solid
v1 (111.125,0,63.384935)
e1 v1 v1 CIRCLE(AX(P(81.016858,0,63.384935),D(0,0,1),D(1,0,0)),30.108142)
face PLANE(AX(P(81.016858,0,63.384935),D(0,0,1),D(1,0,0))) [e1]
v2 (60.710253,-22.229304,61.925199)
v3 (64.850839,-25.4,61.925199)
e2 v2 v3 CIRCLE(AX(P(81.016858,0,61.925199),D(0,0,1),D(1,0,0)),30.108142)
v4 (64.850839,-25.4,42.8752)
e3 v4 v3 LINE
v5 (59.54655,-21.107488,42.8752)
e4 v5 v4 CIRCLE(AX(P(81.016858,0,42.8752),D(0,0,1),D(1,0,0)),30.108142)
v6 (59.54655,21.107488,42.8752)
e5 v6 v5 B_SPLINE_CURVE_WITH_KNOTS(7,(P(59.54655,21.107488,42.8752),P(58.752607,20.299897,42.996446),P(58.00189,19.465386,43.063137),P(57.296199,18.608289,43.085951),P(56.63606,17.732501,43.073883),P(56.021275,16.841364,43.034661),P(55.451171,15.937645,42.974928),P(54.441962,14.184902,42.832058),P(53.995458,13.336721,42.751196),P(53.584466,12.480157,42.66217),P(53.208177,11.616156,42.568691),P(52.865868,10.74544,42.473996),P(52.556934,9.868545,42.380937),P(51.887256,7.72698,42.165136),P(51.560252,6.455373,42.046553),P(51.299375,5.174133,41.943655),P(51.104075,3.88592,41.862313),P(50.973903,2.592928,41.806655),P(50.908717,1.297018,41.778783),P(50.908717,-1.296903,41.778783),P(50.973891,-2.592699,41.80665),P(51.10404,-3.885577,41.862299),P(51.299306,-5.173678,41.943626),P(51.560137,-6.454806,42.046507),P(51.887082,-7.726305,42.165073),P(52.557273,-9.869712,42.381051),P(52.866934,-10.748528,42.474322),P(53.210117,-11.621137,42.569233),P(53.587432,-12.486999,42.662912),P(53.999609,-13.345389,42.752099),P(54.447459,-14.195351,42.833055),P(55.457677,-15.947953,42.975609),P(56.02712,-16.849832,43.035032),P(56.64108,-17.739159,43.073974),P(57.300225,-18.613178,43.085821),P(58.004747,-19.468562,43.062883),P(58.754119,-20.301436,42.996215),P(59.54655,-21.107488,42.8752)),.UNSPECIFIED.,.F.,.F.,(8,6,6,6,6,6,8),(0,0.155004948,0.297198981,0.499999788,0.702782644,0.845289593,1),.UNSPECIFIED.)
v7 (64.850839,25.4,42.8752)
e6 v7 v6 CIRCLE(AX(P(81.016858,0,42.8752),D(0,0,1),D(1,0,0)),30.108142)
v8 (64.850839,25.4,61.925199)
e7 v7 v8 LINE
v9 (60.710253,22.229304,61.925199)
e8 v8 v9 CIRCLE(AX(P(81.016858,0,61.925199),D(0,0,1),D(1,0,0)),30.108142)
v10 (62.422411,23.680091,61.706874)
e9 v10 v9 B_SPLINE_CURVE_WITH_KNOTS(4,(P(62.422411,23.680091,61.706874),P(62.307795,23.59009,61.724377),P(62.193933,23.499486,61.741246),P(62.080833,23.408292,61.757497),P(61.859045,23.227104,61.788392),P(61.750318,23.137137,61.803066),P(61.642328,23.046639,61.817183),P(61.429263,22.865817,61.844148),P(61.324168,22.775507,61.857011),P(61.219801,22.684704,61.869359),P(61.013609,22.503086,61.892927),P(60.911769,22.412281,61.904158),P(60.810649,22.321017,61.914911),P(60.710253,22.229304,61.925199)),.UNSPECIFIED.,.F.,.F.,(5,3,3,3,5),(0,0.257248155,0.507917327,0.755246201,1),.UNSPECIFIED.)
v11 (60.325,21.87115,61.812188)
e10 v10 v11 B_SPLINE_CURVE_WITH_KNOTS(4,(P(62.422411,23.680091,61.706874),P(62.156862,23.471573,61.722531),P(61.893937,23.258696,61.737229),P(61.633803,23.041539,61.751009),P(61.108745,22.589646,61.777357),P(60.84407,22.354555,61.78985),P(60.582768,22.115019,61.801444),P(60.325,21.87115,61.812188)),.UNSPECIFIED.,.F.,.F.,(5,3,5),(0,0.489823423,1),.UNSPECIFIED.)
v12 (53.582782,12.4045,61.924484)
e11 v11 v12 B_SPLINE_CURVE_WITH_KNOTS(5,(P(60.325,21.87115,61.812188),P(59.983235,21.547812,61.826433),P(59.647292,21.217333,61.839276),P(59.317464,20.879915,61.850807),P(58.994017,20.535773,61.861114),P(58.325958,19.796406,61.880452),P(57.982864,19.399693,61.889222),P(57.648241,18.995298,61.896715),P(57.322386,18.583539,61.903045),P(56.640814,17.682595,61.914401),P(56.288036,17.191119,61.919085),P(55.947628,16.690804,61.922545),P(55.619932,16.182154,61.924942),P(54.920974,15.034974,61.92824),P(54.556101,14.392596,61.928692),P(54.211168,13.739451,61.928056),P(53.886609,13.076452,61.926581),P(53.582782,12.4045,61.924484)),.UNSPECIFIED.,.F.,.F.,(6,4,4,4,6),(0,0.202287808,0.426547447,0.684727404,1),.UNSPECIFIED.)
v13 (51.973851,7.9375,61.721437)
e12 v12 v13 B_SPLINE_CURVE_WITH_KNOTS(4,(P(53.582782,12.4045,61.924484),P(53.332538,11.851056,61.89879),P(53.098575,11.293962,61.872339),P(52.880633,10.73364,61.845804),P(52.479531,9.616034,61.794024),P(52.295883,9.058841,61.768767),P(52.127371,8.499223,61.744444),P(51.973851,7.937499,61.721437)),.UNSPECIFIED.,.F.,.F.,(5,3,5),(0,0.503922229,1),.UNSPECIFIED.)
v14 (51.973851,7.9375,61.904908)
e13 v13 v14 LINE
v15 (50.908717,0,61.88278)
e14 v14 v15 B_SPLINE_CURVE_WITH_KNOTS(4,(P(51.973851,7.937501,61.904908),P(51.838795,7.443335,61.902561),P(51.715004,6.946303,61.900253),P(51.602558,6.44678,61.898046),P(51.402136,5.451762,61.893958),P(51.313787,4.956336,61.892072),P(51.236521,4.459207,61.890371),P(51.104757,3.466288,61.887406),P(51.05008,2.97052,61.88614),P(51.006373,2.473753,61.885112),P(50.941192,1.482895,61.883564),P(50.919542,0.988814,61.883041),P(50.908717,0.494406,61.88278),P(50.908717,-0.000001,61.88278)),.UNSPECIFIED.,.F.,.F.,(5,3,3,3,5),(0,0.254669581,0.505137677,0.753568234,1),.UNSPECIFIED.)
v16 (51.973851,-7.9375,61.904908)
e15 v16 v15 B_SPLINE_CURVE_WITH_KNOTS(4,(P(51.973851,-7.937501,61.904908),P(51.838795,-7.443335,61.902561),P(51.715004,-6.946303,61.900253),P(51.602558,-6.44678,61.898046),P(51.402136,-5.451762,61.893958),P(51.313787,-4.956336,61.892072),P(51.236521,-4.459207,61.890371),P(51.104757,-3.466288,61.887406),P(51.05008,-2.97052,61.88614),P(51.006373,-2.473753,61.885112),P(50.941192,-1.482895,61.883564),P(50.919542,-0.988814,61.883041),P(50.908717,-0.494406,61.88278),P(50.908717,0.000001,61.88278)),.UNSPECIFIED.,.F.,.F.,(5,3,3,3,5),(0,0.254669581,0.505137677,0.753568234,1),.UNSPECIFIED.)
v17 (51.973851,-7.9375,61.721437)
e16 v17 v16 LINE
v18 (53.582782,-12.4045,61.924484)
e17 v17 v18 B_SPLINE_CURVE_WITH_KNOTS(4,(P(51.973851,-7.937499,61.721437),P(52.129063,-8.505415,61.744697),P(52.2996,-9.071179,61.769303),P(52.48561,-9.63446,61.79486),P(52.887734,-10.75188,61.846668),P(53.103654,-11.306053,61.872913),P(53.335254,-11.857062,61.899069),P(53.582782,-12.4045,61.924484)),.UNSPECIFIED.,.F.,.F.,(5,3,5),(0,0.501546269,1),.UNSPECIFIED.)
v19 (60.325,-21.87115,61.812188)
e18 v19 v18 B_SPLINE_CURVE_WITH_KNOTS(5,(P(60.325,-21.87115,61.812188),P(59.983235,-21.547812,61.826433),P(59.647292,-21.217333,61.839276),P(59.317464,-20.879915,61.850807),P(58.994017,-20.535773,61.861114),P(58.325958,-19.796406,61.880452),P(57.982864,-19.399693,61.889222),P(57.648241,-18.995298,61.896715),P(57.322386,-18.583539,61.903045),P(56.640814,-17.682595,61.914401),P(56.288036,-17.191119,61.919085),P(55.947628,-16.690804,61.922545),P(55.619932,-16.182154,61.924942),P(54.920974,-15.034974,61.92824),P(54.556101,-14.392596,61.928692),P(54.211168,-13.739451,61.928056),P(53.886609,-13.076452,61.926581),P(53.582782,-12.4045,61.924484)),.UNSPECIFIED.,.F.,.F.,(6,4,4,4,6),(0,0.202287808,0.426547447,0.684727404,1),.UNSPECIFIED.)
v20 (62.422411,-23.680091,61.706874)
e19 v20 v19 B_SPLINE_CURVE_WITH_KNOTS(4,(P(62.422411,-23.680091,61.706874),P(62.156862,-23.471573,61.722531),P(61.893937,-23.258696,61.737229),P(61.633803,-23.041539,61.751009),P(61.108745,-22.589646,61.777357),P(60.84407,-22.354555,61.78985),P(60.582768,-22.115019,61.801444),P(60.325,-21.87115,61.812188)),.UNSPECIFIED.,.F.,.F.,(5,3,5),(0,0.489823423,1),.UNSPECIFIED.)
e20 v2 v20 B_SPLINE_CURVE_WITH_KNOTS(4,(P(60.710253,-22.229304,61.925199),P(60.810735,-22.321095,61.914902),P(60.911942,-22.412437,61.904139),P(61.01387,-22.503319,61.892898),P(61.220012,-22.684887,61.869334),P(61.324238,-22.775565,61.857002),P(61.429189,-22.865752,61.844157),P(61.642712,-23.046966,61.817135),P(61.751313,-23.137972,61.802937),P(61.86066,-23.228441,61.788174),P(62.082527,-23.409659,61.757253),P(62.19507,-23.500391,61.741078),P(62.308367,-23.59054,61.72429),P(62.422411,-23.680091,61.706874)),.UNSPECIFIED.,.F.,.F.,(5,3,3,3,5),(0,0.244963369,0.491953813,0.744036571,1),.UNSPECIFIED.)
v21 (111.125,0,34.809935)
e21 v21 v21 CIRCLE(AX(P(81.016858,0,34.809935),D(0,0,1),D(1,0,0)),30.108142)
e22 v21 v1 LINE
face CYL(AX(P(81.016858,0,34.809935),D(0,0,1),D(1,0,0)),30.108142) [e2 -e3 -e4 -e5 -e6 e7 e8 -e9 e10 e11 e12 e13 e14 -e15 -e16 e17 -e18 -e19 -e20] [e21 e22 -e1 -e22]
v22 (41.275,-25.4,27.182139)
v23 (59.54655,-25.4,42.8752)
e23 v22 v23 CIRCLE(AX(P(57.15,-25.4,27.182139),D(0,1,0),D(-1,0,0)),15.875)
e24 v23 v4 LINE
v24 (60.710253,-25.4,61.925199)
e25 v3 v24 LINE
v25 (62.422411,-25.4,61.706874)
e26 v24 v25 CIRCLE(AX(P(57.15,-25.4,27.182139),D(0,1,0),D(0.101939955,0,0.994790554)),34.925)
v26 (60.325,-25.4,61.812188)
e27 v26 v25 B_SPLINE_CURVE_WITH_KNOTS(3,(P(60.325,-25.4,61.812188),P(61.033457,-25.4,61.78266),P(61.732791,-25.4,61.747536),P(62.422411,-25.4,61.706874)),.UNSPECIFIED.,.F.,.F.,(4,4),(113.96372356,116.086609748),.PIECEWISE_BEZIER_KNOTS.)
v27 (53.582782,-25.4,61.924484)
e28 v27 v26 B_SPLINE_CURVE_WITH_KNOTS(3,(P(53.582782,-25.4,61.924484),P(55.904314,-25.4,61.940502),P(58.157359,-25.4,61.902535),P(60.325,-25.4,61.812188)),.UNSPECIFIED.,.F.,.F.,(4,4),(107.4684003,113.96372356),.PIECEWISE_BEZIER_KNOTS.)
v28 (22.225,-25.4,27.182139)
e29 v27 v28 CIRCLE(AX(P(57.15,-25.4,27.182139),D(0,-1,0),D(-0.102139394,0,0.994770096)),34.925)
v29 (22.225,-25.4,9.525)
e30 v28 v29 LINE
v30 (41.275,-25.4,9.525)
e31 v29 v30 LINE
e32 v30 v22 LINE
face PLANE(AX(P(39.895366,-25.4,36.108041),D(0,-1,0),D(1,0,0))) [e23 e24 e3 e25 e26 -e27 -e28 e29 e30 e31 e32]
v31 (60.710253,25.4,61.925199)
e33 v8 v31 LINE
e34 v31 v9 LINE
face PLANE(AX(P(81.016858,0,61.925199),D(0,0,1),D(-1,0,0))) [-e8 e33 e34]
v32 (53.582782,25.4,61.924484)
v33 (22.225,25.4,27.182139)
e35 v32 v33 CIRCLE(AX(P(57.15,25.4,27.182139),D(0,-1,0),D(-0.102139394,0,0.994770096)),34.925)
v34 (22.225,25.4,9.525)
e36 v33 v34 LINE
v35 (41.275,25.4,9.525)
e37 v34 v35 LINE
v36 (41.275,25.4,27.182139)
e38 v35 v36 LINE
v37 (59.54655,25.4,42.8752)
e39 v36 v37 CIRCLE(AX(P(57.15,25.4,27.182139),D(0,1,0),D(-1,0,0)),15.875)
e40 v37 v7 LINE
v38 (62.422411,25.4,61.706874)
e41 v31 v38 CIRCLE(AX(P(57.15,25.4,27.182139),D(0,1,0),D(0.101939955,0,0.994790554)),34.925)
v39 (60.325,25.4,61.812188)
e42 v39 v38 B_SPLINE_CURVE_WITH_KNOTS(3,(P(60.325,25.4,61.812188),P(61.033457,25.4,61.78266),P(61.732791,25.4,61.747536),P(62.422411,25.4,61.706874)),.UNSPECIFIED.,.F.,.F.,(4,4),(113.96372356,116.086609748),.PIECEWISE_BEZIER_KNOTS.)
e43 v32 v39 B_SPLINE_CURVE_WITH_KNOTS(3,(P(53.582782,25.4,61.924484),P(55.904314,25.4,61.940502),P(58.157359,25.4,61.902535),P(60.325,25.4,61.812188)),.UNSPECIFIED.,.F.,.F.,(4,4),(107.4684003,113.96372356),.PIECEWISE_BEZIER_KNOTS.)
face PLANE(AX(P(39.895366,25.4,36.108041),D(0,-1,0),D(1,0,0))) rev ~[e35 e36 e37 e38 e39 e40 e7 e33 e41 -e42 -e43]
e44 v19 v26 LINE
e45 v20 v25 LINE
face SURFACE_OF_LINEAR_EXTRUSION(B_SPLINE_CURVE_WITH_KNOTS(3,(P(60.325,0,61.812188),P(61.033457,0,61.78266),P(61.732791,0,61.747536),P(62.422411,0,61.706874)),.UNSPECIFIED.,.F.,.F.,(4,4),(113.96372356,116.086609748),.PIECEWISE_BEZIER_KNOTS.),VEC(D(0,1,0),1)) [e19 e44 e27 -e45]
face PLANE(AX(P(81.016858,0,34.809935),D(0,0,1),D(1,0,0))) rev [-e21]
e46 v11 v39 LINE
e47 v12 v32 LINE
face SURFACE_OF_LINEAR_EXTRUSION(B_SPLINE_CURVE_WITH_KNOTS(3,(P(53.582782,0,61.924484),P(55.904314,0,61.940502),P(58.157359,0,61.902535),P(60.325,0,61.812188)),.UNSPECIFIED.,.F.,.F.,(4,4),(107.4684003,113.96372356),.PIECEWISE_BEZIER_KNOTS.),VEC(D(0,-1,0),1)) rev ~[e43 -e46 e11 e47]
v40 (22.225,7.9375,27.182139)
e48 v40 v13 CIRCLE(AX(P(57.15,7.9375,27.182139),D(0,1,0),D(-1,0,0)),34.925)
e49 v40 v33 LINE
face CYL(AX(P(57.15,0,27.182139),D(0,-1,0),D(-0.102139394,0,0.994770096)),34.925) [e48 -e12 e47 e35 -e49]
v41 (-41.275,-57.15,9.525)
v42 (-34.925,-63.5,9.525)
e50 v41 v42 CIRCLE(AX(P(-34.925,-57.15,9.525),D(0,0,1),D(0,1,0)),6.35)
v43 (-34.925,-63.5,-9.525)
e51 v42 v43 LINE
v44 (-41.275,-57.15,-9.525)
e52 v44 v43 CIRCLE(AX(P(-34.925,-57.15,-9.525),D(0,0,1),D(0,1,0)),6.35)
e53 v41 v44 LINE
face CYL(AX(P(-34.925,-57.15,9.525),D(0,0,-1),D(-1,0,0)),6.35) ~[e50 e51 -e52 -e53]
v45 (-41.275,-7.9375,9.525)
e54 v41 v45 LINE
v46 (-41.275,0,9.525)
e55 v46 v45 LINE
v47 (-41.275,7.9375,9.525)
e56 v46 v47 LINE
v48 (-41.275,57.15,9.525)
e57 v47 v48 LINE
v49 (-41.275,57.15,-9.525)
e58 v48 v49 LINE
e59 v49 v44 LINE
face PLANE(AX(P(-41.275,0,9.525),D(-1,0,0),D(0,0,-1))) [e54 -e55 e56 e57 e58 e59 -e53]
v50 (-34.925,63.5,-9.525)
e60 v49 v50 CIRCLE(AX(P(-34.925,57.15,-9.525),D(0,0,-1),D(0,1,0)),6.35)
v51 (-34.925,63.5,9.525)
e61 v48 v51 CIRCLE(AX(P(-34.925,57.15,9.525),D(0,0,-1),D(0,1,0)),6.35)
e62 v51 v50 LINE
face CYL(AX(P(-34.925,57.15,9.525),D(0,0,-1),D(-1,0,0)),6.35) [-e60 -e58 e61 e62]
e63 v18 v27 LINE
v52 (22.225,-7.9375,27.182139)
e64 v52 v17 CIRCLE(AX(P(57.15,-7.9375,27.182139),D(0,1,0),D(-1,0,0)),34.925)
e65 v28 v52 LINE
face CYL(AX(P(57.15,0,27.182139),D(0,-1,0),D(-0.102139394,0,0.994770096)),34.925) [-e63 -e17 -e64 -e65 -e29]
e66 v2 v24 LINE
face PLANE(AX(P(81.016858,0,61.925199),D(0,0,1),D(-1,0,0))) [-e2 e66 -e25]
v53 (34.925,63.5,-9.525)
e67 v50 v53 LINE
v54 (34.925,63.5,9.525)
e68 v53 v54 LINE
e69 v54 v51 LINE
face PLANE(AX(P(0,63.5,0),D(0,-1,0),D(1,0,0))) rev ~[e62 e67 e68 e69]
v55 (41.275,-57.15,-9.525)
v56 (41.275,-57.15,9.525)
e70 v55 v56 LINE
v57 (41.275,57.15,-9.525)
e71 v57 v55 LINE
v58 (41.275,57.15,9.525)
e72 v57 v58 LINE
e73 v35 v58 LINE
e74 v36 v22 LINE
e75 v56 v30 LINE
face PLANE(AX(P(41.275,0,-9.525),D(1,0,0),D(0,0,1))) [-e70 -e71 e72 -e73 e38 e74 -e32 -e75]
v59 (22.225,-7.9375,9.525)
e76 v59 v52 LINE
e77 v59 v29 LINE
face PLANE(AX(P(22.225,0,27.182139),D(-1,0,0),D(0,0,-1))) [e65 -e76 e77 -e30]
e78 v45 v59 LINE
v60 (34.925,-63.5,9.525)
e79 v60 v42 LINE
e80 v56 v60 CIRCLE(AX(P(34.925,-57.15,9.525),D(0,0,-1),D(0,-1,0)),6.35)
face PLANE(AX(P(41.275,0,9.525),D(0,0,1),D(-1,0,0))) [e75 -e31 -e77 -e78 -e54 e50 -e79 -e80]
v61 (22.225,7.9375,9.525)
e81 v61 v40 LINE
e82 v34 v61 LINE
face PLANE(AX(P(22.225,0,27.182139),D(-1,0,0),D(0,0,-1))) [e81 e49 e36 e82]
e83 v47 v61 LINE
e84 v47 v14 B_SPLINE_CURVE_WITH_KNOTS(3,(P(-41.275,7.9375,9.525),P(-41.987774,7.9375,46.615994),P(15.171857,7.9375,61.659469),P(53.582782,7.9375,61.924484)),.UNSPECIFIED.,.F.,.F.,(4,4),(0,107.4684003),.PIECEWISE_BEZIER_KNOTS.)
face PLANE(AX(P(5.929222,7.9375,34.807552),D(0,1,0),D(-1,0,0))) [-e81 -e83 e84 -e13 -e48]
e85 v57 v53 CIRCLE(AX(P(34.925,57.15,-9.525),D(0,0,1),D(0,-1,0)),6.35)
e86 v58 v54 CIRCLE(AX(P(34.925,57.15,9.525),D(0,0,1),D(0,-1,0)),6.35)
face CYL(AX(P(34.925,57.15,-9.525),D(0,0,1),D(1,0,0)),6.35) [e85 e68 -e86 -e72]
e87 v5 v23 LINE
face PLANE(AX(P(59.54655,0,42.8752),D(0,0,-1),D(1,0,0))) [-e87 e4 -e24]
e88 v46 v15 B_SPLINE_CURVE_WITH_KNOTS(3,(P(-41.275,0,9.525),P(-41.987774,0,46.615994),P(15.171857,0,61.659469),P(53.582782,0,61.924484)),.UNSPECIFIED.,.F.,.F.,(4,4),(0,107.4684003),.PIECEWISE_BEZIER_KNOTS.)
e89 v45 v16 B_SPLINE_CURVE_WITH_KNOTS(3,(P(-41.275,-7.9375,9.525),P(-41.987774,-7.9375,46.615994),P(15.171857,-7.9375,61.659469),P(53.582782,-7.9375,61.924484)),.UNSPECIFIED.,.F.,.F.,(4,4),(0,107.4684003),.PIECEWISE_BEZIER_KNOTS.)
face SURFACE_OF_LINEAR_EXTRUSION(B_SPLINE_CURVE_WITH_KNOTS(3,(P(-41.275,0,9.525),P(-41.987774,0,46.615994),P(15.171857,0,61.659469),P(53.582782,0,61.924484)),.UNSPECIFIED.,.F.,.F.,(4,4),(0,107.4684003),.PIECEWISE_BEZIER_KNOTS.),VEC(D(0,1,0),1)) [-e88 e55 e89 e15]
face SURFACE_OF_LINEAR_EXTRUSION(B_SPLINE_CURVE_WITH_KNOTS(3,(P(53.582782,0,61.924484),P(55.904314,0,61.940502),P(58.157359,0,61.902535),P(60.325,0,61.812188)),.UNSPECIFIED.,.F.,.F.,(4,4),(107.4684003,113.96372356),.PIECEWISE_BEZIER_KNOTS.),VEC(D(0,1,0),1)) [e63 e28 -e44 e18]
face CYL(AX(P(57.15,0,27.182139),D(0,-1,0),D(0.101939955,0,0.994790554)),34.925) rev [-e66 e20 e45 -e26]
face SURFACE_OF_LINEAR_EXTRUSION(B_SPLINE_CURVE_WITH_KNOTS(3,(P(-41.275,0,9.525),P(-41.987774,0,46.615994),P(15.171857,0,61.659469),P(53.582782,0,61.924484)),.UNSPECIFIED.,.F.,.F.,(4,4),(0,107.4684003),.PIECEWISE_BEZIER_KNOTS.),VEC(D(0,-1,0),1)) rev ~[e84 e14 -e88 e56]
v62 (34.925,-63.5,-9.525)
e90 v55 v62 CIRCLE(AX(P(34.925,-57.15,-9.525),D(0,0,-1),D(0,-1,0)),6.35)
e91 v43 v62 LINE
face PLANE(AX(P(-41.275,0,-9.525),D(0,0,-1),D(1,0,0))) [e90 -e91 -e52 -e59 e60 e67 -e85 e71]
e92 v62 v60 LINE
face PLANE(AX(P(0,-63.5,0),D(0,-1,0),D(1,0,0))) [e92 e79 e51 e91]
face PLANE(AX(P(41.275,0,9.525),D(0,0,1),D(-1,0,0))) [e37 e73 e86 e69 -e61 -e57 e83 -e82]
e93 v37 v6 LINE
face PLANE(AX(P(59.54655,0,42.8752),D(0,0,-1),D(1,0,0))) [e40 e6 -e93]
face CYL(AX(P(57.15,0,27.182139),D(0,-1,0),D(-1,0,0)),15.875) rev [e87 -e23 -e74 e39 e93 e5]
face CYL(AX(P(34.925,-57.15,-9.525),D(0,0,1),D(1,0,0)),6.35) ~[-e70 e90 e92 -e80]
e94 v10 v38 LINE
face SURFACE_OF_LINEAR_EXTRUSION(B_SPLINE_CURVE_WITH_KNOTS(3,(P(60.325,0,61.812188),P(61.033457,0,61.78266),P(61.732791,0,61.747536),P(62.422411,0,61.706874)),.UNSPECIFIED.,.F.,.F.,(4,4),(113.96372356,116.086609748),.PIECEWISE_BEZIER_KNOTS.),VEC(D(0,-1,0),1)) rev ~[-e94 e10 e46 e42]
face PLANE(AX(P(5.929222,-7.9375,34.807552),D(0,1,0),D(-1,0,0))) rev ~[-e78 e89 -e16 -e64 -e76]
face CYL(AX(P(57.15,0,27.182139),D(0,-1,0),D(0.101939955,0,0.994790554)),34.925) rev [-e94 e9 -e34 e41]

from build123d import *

# Parameters (mm, degrees)
F1_DEPTH = 63.5
F2_DEPTH = 25.4
F3_DEPTH = 7.9375
F5_R     = 6.35


with BuildPart() as f1:
    # F0 (on Front) → F1 (new body, symmetric)
    with BuildSketch(Plane.XZ):
        Polygon((22.2249999642, 9.525), (-41.275, 9.525), (-41.275, -9.525), (41.275, -9.525), (41.275, 9.525), align=None)
    extrude(amount=F1_DEPTH, both=True)

    # F0 (on Front) → F2 (join, symmetric)
    with BuildSketch(Plane.XZ):
        with BuildLine():
            Line((22.2249999642, 27.1821387616), (22.2249999642, 9.525))
            Line((22.2249999642, 9.525), (41.275, 9.525))
            Line((41.275, 9.525), (41.275, 27.1821387616))
            ThreePointArc((41.275, 27.1821387616), (46.8066352935, 39.2249968754), (59.5465504312, 42.8752))
            Line((59.5465504312, 42.8752), (60.325, 42.8752))
            Line((60.325, 42.8752), (60.325, 61.8121879463))
            add(Edge.make_bspline(
                [(53.5827816682, 61.924484406), (55.9043140785, 61.9405018001), (58.157358995, 61.9025346921), (60.325, 61.8121879463)],
                knots=[107.4684002997, 107.4684002997, 107.4684002997, 107.4684002997, 113.9637235604, 113.9637235604, 113.9637235604, 113.9637235604], degree=3))
            ThreePointArc((53.5827816682, 61.924484406), (31.2237514489, 50.5826785752), (22.2249999642, 27.1821387616))
        make_face()
        with BuildLine():
            add(Edge.make_bspline(
                [(60.325, 61.8121879463), (61.0334566794, 61.7826596455), (61.7327905274, 61.7475361607), (62.422410954, 61.7068735214)],
                knots=[113.9637235604, 113.9637235604, 113.9637235604, 113.9637235604, 116.0866097479, 116.0866097479, 116.0866097479, 116.0866097479], degree=3))
            Line((60.325, 61.8121879463), (60.325, 42.8752))
            Line((60.325, 42.8752), (81.01685845, 42.8752))
            Line((81.01685845, 42.8752), (81.01685845, 61.9251988828))
            Line((81.01685845, 61.9251988828), (60.7102529284, 61.9251988828))
            ThreePointArc((60.7102529284, 61.9251988828), (61.5676808741, 61.8266148465), (62.422410954, 61.7068735214))
        make_face()
    extrude(amount=F2_DEPTH, both=True)

    # F0 (on Front) → F3 (join, symmetric)
    with BuildSketch(Plane.XZ):
        with BuildLine():
            add(Edge.make_bspline(
                [(-41.275, 9.525), (-41.9877743947, 46.6159944116), (15.1718567055, 61.659468539), (53.5827816682, 61.924484406)],
                knots=[0, 0, 0, 0, 107.4684002997, 107.4684002997, 107.4684002997, 107.4684002997], degree=3))
            Line((-41.275, 9.525), (22.2249999642, 9.525))
            Line((22.2249999642, 9.525), (22.2249999642, 27.1821387616))
            ThreePointArc((22.2249999642, 27.1821387616), (31.2237514489, 50.5826785752), (53.5827816682, 61.924484406))
        make_face()
    extrude(amount=F3_DEPTH, both=True)

    # F0 (on Front) → F4 (revolve)
    with BuildSketch(Plane.XZ):
        Polygon((111.125, 63.3849346732), (81.01685845, 63.3849346732), (81.01685845, 61.9251988828), (81.01685845, 42.8752), (81.01685845, 34.8099346732), (111.125, 34.8099346732), align=None)
    revolve(axis=Axis((81.01685845, 0, 49.0974346732), (0, 0, 1)))

    # F5
    f5_edges = [f1.edges().sort_by_distance(p)[0] for p in [
        (-41.275, -63.5, 0),
        (41.275, -63.5, 0),
        (41.275, 63.5, 0),
        (-41.275, 63.5, 0),
    ]]
    fillet(f5_edges, radius=F5_R)


solid = f1.part
